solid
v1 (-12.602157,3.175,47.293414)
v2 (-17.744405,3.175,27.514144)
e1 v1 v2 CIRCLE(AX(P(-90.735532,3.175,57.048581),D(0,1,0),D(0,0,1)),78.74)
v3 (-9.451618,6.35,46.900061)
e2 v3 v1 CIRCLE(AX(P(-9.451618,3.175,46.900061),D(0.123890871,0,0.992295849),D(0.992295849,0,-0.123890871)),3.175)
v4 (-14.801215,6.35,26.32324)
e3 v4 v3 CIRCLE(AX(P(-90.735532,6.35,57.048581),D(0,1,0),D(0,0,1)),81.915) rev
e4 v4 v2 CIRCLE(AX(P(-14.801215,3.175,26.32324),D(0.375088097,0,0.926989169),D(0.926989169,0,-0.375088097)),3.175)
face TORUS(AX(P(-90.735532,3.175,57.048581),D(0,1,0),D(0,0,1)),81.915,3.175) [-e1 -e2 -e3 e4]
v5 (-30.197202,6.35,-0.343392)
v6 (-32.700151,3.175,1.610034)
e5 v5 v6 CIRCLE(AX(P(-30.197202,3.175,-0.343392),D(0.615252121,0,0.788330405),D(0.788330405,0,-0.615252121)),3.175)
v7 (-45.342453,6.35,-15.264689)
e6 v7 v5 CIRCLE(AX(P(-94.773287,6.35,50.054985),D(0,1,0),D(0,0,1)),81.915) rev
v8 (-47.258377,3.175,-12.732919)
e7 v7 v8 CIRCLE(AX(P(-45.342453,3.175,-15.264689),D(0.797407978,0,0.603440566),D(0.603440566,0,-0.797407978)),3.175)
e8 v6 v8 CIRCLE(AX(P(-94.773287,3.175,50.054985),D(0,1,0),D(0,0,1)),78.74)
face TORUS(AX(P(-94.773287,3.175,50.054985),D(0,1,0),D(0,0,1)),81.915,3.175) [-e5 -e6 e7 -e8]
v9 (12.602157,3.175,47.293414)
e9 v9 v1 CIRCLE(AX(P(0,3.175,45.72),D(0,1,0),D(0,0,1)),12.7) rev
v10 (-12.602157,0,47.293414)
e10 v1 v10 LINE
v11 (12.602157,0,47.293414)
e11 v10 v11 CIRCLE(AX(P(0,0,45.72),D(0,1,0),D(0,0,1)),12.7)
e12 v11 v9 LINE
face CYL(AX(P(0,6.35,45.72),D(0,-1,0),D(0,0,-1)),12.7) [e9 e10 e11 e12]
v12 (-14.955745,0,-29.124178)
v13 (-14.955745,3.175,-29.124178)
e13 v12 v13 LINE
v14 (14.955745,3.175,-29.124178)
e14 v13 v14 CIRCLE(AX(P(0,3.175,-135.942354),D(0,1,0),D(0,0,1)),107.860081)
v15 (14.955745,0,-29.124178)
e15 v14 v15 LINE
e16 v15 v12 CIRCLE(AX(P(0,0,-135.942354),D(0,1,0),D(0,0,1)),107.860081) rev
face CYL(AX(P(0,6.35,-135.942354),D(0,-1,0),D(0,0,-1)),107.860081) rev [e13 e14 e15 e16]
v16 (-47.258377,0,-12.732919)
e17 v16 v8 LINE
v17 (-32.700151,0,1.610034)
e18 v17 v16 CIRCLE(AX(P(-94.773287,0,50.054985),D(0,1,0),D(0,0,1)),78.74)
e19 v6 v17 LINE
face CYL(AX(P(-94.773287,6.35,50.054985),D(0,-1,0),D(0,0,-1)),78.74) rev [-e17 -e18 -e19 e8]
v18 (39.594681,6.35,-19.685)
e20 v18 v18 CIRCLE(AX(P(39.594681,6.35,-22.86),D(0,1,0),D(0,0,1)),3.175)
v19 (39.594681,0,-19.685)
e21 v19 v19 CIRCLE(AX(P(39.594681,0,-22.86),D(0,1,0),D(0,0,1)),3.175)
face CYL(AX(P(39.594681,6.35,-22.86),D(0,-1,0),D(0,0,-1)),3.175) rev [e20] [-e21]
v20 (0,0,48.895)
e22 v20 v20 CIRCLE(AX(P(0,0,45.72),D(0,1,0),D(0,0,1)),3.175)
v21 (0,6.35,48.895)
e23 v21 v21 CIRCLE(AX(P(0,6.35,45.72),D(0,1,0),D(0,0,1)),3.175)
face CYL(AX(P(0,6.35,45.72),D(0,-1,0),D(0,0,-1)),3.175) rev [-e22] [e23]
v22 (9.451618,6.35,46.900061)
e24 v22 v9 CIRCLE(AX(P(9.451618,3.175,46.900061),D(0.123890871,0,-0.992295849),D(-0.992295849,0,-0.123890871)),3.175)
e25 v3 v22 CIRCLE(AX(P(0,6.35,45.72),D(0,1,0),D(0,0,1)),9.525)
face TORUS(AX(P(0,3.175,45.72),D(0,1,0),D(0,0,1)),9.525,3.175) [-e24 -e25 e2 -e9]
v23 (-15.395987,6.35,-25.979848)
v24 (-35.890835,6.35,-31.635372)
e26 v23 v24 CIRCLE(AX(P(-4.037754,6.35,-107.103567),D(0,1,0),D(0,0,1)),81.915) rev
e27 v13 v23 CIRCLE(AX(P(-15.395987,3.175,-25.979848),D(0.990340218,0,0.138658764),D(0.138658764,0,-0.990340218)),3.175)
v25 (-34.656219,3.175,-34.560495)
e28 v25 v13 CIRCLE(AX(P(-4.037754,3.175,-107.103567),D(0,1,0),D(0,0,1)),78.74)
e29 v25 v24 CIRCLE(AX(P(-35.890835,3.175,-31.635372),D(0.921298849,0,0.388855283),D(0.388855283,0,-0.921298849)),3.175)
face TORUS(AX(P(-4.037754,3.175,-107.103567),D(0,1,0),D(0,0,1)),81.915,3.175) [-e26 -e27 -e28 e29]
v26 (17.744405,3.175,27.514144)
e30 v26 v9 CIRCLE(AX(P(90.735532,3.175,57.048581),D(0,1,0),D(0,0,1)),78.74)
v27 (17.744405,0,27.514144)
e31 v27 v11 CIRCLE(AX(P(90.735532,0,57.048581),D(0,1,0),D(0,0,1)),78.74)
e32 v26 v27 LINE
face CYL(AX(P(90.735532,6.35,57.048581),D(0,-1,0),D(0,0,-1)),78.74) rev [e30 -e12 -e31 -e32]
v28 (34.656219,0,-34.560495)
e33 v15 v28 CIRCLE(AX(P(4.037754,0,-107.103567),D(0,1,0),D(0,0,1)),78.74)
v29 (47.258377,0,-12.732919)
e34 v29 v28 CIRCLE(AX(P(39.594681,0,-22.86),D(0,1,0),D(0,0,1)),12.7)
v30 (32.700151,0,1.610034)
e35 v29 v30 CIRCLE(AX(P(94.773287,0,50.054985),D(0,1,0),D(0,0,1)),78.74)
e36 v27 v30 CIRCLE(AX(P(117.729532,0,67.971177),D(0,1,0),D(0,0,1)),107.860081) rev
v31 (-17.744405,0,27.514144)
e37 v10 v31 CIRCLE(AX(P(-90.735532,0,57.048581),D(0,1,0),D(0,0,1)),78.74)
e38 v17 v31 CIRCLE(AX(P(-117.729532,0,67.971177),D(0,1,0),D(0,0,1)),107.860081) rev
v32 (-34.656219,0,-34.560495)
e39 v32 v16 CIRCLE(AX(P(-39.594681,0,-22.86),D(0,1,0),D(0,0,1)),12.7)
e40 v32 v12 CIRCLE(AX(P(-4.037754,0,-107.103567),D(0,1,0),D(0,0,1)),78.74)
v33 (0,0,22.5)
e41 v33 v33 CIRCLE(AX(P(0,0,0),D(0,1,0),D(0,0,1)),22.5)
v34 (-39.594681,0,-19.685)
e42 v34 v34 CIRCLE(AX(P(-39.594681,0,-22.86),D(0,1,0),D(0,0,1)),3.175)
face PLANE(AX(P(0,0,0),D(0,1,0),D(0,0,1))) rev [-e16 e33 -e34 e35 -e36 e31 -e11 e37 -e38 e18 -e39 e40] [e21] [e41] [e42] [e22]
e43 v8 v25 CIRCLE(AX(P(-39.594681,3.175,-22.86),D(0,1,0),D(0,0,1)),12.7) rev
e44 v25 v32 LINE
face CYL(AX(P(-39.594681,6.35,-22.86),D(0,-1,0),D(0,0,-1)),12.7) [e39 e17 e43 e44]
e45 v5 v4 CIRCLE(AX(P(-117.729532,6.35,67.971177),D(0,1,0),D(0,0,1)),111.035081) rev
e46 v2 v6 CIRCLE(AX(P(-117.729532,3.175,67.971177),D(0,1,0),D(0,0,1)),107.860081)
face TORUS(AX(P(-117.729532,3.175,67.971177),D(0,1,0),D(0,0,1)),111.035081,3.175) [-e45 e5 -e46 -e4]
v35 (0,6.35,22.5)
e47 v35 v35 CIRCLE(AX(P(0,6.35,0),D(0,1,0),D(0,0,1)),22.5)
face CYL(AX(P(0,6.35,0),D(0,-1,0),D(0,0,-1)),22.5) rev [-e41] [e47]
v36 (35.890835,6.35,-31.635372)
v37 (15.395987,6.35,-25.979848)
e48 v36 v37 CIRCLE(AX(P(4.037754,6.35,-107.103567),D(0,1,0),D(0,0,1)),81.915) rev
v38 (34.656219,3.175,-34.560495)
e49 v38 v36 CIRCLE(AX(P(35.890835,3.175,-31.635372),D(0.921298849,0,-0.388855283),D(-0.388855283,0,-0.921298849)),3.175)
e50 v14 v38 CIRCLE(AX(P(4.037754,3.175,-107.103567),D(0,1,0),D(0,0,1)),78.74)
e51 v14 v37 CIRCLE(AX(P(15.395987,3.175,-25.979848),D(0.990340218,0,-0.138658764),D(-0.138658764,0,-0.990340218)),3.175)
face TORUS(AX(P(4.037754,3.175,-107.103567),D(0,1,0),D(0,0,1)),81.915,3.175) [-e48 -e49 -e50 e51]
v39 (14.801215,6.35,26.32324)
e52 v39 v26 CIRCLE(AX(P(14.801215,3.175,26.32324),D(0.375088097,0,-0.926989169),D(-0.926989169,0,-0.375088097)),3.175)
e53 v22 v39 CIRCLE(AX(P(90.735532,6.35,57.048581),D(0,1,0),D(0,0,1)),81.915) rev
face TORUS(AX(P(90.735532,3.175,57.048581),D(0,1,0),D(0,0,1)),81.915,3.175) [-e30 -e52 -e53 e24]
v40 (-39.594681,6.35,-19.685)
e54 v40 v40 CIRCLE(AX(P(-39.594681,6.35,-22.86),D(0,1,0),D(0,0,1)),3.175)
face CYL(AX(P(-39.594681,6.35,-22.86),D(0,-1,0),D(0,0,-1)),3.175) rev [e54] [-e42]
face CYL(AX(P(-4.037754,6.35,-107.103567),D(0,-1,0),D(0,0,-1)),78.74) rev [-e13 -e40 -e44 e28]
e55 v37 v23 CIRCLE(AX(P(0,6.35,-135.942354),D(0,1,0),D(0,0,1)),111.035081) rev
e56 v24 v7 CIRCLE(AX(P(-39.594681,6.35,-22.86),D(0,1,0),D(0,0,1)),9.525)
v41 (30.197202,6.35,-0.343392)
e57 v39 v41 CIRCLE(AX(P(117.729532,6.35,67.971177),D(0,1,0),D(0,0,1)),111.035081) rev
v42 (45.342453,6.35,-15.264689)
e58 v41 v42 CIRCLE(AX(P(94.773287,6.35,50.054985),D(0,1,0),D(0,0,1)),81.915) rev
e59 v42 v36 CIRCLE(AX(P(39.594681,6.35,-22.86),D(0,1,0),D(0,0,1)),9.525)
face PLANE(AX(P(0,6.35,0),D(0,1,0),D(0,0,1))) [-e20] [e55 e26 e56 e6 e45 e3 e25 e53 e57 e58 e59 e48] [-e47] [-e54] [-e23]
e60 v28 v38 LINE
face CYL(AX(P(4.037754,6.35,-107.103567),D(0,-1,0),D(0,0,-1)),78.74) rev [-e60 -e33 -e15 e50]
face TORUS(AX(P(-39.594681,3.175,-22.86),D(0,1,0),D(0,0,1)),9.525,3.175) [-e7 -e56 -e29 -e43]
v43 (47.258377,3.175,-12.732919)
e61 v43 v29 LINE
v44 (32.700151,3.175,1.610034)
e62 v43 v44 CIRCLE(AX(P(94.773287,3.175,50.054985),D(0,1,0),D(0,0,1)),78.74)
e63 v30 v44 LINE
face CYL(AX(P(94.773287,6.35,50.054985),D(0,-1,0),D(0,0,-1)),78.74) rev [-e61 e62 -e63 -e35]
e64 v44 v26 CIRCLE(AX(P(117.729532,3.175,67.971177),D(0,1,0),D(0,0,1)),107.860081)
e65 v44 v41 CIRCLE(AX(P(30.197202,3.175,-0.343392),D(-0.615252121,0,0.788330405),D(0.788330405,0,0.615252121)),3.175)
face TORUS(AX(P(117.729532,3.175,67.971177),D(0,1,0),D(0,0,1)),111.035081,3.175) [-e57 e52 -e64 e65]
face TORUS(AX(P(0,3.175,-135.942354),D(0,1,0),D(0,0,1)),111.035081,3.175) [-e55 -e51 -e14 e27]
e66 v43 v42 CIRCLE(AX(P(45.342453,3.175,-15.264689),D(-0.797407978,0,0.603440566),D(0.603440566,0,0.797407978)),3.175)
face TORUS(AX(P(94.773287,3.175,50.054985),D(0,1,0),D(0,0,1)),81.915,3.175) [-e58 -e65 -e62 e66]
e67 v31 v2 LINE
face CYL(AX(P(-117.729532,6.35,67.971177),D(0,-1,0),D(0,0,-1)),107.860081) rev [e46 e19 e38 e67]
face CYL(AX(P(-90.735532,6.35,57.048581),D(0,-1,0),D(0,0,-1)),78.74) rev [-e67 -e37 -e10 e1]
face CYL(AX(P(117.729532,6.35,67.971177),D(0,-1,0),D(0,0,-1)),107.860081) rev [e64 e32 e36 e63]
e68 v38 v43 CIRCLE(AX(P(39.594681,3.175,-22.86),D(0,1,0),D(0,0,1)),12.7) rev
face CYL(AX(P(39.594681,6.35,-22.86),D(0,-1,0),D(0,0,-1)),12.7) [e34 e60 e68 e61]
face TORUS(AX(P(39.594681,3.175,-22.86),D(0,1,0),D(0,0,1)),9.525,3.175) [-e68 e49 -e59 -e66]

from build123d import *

# Parameters (mm, degrees)
SKETCH1_R           = 22.5
SKETCH1_R_2         = 3.175
BOSS_EXTRUDE4_DEPTH = 6.35
FILLET1_R           = 78.74
FILLET3_R           = 3.175


with BuildPart() as part:
    # Sketch1 → Boss-Extrude4 (new body)
    with BuildSketch(Plane(origin=(0, 0, 0), x_dir=(1, 0, 0), z_dir=(0, 1, 0))):
        with BuildLine():
            ThreePointArc((-12.576911226, -43.956111111), (0, -58.42), (12.576911226, -43.956111111))
            ThreePointArc((12.576911226, -43.956111111), (24.319961907, -14.041136553), (44.355564487, 11.086130933))
            ThreePointArc((44.355564487, 11.086130933), (50.593204089, 29.21), (31.778653261, 32.869980178))
            ThreePointArc((31.778653261, 32.869980178), (0, 28.082273107), (-31.778653261, 32.869980178))
            ThreePointArc((-31.778653261, 32.869980178), (-50.593204089, 29.21), (-44.355564487, 11.086130933))
            ThreePointArc((-44.355564487, 11.086130933), (-24.319961907, -14.041136553), (-12.576911226, -43.956111111))
        make_face()
        Circle(SKETCH1_R, mode=Mode.SUBTRACT)
        with Locations((0, -45.72)):
            Circle(SKETCH1_R_2, mode=Mode.SUBTRACT)
        with Locations((-39.594681461, 22.86)):
            Circle(SKETCH1_R_2, mode=Mode.SUBTRACT)
        with Locations((39.594681461, 22.86)):
            Circle(SKETCH1_R_2, mode=Mode.SUBTRACT)
    extrude(amount=BOSS_EXTRUDE4_DEPTH)

    # Fillet1
    fillet1_edges = [part.edges().sort_by_distance(p)[0] for p in [
        (-12.576911226, 3.175, 43.956111111),
        (-44.355564487, 3.175, -11.086130933),
        (-31.778653261, 3.175, -32.869980178),
        (31.778653261, 3.175, -32.869980178),
        (44.355564487, 3.175, -11.086130933),
        (12.576911226, 3.175, 43.956111111),
    ]]
    fillet(fillet1_edges, radius=FILLET1_R)

    # Fillet3
    fillet3_edges = [part.edges().sort_by_distance(p)[0] for p in [
        (0, 6.35, -28.082273107),
        (50.593204089, 6.35, -29.21),
        (-50.593204089, 6.35, -29.21),
        (-24.319961907, 6.35, 14.041136554),
        (0, 6.35, 58.42),
        (24.319961907, 6.35, 14.041136553),
        (24.983104272, 6.35, -31.200471163),
        (-24.983104272, 6.35, -31.200471163),
        (-39.511952773, 6.35, -6.035767384),
        (-14.528848501, 6.35, 37.236238547),
        (14.528848501, 6.35, 37.236238547),
        (39.511952773, 6.35, -6.035767384),
    ]]
    fillet(fillet3_edges, radius=FILLET3_R)


solid = part.part
